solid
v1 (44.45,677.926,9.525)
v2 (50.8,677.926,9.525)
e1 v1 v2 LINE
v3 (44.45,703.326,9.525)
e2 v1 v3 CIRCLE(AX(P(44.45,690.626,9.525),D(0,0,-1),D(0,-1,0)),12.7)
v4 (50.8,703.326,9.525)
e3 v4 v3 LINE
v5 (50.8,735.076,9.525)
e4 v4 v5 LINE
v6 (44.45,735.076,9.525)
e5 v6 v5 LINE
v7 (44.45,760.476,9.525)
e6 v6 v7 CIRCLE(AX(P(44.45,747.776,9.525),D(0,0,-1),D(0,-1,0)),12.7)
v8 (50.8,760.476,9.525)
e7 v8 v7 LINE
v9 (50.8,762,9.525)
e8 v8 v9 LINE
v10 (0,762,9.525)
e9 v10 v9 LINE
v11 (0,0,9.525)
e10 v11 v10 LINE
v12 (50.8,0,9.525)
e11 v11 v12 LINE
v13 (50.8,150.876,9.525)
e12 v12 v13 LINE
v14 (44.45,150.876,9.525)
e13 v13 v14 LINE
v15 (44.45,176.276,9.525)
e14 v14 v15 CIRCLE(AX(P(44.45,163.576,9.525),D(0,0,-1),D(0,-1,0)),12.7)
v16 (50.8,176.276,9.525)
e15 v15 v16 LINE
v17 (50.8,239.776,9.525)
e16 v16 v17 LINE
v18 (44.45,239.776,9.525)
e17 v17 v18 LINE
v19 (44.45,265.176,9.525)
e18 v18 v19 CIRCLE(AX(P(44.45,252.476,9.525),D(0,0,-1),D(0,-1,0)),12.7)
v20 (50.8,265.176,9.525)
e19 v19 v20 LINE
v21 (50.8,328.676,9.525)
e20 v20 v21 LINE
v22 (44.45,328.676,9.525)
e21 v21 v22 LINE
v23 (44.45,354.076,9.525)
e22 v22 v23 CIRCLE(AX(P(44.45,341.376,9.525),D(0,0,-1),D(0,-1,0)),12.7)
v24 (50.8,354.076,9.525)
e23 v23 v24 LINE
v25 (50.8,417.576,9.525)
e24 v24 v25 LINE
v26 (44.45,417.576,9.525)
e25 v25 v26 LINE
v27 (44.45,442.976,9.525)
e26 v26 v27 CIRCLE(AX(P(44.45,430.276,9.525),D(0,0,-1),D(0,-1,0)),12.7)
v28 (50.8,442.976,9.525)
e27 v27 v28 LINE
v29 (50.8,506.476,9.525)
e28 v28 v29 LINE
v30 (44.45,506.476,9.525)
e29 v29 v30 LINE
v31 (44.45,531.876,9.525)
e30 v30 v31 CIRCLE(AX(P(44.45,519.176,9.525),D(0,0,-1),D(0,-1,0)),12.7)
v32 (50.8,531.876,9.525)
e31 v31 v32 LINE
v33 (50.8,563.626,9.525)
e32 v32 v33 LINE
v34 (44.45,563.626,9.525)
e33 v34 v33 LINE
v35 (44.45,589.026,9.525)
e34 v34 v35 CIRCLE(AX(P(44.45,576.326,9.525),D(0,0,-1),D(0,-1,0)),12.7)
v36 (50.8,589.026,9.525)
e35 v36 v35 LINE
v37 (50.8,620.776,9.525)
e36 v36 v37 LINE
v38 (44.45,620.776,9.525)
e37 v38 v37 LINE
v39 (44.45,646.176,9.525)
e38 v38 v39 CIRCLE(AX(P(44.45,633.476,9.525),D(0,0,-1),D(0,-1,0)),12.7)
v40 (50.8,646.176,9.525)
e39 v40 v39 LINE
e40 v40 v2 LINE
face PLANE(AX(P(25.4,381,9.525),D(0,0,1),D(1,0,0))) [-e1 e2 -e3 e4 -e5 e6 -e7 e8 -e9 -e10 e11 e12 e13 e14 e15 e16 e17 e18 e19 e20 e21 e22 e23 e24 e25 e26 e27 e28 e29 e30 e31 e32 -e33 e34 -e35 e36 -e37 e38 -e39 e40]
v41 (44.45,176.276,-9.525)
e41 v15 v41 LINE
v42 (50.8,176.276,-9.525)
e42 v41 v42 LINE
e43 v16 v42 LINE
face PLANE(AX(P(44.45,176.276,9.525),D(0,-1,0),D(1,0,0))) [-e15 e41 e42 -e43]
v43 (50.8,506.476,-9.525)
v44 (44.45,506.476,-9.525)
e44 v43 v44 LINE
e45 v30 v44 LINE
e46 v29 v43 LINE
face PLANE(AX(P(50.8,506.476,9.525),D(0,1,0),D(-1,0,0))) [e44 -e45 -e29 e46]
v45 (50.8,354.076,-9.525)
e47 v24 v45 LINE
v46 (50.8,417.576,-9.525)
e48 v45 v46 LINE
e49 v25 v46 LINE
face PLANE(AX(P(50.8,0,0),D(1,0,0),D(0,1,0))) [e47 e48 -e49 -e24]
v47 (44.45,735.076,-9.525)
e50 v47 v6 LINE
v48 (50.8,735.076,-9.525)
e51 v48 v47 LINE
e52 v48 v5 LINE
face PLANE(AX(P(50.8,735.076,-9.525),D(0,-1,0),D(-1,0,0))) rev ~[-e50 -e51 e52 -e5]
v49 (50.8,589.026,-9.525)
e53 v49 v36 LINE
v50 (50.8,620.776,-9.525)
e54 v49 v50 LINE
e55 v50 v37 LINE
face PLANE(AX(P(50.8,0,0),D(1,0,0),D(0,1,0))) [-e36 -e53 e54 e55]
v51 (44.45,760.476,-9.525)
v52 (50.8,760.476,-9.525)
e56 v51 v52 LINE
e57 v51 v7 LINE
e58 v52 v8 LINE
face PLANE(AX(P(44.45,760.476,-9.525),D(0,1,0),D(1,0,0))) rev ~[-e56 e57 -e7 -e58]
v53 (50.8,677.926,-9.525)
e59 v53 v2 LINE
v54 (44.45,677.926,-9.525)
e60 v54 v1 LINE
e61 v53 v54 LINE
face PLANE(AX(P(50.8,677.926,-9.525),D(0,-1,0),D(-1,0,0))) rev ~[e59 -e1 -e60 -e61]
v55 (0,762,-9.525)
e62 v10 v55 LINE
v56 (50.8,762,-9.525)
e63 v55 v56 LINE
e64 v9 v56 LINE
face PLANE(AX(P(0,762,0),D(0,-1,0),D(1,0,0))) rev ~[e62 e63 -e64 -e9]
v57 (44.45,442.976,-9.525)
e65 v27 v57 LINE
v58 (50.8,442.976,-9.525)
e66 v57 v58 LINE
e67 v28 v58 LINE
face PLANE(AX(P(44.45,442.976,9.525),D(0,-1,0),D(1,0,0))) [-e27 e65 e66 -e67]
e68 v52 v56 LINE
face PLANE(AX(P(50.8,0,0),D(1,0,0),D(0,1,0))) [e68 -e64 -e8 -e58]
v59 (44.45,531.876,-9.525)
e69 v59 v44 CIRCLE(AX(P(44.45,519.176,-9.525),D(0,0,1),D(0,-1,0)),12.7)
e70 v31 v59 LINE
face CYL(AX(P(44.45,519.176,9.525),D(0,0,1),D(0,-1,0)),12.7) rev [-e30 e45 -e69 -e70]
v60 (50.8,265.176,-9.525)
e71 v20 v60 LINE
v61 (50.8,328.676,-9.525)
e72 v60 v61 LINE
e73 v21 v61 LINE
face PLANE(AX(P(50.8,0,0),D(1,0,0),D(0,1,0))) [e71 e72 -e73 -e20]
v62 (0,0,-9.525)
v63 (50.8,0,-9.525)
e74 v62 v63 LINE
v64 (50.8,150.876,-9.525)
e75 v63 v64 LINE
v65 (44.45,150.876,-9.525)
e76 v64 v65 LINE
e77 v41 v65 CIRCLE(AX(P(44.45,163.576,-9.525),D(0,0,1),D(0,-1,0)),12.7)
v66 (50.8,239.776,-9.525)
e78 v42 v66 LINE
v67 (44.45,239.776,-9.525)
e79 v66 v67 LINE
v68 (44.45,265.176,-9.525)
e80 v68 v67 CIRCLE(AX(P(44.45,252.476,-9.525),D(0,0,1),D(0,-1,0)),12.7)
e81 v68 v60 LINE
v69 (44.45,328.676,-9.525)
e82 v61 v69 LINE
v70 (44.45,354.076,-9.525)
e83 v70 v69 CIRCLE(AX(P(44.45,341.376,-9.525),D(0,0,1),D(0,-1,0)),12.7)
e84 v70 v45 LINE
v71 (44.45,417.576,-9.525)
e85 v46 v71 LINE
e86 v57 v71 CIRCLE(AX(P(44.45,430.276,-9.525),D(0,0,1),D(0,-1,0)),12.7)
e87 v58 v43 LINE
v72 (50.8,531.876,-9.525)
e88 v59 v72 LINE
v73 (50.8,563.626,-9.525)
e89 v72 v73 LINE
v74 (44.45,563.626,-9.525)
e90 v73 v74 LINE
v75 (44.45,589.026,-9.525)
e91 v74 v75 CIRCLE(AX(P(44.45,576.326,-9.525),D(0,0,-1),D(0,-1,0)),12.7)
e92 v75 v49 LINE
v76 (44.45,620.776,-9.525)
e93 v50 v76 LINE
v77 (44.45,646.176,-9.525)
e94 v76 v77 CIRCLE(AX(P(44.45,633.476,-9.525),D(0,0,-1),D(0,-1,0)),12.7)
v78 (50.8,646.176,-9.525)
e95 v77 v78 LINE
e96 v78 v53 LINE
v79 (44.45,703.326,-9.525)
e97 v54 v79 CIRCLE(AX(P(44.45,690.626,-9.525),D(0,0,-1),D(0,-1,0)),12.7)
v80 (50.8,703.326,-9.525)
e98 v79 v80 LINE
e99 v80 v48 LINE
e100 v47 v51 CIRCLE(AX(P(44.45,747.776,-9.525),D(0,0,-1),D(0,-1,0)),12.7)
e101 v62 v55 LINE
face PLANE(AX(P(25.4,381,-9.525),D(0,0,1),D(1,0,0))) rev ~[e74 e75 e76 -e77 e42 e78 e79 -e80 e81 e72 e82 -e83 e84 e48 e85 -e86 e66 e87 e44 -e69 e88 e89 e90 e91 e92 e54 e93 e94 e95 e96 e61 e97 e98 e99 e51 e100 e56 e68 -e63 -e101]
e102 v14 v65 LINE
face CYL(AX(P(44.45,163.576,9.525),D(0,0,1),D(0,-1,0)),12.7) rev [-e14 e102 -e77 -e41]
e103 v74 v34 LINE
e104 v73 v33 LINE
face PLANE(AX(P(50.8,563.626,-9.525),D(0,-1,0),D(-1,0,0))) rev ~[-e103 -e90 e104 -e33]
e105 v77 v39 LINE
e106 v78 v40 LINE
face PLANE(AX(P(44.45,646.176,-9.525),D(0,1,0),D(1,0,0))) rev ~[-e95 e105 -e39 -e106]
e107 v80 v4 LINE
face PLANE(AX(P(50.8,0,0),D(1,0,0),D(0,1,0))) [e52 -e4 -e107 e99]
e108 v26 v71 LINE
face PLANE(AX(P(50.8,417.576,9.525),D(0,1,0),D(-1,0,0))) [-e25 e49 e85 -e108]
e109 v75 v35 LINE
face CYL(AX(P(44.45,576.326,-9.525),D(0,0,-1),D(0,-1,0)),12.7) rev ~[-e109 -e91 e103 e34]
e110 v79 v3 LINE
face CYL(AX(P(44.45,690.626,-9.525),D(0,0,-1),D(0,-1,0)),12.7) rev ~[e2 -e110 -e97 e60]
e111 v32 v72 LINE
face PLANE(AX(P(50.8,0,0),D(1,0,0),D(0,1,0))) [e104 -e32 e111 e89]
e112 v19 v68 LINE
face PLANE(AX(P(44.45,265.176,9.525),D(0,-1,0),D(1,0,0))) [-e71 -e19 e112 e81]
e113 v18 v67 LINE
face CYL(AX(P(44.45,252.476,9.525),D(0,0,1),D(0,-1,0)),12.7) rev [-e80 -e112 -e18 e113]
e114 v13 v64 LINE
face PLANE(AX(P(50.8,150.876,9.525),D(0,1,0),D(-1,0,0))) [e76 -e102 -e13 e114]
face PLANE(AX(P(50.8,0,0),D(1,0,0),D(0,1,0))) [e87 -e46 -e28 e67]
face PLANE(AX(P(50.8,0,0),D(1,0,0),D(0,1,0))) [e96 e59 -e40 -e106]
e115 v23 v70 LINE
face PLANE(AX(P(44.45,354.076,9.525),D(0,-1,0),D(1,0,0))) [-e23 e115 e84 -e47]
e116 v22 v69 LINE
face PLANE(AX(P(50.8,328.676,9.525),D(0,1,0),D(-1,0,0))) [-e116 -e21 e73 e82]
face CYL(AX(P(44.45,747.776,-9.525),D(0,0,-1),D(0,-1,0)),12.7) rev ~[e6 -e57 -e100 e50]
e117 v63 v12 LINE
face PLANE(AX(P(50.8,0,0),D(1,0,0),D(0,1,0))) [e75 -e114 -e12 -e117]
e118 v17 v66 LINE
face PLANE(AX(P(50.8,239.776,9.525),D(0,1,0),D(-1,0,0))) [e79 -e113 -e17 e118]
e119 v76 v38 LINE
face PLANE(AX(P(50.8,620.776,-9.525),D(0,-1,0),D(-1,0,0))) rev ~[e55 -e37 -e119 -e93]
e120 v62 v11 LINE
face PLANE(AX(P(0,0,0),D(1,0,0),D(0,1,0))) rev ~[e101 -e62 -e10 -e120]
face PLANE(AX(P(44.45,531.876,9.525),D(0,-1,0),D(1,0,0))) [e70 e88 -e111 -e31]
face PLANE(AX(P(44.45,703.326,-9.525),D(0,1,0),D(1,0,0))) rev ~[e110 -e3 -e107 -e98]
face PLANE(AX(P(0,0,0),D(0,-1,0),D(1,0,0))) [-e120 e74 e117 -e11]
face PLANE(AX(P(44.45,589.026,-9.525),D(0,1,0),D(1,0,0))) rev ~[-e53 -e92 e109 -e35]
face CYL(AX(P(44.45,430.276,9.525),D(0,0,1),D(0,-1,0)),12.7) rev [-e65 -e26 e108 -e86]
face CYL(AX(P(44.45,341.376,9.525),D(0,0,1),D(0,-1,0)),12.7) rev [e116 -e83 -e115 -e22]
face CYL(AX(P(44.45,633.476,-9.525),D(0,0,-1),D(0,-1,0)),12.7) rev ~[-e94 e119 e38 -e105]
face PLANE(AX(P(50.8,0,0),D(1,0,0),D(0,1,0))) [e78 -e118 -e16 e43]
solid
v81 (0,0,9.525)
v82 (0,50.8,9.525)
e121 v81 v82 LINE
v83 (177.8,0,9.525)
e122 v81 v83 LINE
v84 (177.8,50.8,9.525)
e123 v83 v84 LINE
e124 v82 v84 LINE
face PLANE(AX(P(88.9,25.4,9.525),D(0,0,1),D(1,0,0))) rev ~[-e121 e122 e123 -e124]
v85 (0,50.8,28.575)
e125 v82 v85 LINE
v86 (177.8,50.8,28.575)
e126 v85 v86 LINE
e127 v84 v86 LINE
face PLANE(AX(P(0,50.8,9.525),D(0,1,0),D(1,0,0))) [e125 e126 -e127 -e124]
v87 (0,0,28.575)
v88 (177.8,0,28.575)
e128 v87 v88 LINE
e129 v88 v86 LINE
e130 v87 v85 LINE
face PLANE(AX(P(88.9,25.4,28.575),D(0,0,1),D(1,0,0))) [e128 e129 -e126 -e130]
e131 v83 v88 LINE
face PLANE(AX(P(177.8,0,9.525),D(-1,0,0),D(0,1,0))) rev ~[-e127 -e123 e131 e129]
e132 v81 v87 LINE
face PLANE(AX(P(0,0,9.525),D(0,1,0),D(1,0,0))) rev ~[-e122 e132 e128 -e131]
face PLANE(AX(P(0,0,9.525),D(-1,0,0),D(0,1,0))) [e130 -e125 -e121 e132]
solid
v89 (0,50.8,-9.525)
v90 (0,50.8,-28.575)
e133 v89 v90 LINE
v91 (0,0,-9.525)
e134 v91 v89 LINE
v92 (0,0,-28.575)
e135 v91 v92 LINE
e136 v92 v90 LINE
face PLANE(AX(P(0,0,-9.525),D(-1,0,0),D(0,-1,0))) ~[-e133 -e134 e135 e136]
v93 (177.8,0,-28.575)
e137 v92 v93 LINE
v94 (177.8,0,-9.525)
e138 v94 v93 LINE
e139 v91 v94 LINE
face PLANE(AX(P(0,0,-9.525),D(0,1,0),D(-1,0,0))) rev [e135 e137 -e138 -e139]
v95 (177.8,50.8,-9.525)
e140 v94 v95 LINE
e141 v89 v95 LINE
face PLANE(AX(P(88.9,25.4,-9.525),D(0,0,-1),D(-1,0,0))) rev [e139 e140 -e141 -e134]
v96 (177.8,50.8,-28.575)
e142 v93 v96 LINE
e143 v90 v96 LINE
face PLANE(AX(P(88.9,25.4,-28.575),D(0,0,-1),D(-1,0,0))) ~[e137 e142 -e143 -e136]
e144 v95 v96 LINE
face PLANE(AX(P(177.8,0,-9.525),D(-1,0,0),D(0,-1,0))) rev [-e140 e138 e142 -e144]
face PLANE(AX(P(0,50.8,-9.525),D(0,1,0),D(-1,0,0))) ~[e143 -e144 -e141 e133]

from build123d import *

# Parameters (mm, degrees)
SKETCH1_W           = 50.8
SKETCH1_H           = 762
BOSS_EXTRUDE1_DEPTH = 9.525
SKETCH3_W           = 177.8
SKETCH3_H           = 50.8
BOSS_EXTRUDE2_DEPTH = 19.05
CUT_EXTRUDE1_DEPTH  = 784.395462075
LPATTERN6_COUNT     = 5
LPATTERN6_PITCH     = 88.9
CUT_EXTRUDE3_DEPTH  = 784.395462075


with BuildPart() as part:
    # Sketch1 → Boss-Extrude1 (new, symmetric)
    with BuildSketch(Plane.XY):
        with Locations((25.4, 381)):
            Rectangle(SKETCH1_W, SKETCH1_H)
    extrude(amount=BOSS_EXTRUDE1_DEPTH, both=True)

    # Sketch2 → Cut-Extrude1 (cut, through all)
    with BuildSketch(Plane.XY.offset(9.525)):
        with BuildLine():
            Line((44.45, 176.276), (50.8, 176.276))
            Line((50.8, 176.276), (50.8, 150.876))
            Line((50.8, 150.876), (44.45, 150.876))
            ThreePointArc((44.45, 150.876), (31.75, 163.576), (44.45, 176.276))
        make_face()
    cut_extrude1 = extrude(amount=-CUT_EXTRUDE1_DEPTH, mode=Mode.SUBTRACT)

    # LPattern6: Cut-Extrude1 ×5
    with Locations(*[(0, i * LPATTERN6_PITCH, 0) for i in range(1, LPATTERN6_COUNT)]):
        add(cut_extrude1, mode=Mode.SUBTRACT)

    # Sketch5 → Cut-Extrude3 (cut, through all)
    with BuildSketch(Plane(origin=(0, 0, -9.525), x_dir=(-1, 0, 0), z_dir=(0, 0, -1))):
        with BuildLine():
            Line((-44.45, 531.876), (-50.8, 531.876))
            Line((-50.8, 531.876), (-50.8, 506.476))
            Line((-50.8, 506.476), (-44.45, 506.476))
            ThreePointArc((-44.45, 506.476), (-31.75, 519.176), (-44.45, 531.876))
        make_face()
        with BuildLine():
            Line((-50.8, 589.026), (-50.8, 563.626))
            Line((-50.8, 563.626), (-44.45, 563.626))
            ThreePointArc((-44.45, 563.626), (-31.75, 576.326), (-44.45, 589.026))
            Line((-44.45, 589.026), (-50.8, 589.026))
        make_face()
        with BuildLine():
            Line((-50.8, 646.176), (-50.8, 620.776))
            Line((-50.8, 620.776), (-44.45, 620.776))
            ThreePointArc((-44.45, 620.776), (-31.75, 633.476), (-44.45, 646.176))
            Line((-44.45, 646.176), (-50.8, 646.176))
        make_face()
        with BuildLine():
            Line((-50.8, 703.326), (-50.8, 677.926))
            Line((-50.8, 677.926), (-44.45, 677.926))
            ThreePointArc((-44.45, 677.926), (-31.75, 690.626), (-44.45, 703.326))
            Line((-44.45, 703.326), (-50.8, 703.326))
        make_face()
        with BuildLine():
            Line((-50.8, 760.476), (-50.8, 735.076))
            Line((-50.8, 735.076), (-44.45, 735.076))
            ThreePointArc((-44.45, 735.076), (-31.75, 747.776), (-44.45, 760.476))
            Line((-44.45, 760.476), (-50.8, 760.476))
        make_face()
    extrude(amount=-CUT_EXTRUDE3_DEPTH, mode=Mode.SUBTRACT)


with BuildPart() as body_2:
    # Sketch3 → Boss-Extrude2 (new body)
    with BuildSketch(Plane.XY.offset(9.525)):
        with Locations((88.9, 25.4)):
            Rectangle(SKETCH3_W, SKETCH3_H)
    extrude(amount=BOSS_EXTRUDE2_DEPTH)


with BuildPart() as body_3:
    # Mirror1: mirrored copy
    add(body_2.part.mirror(Plane.XY))


solid = Compound([part.part, body_2.part, body_3.part])
